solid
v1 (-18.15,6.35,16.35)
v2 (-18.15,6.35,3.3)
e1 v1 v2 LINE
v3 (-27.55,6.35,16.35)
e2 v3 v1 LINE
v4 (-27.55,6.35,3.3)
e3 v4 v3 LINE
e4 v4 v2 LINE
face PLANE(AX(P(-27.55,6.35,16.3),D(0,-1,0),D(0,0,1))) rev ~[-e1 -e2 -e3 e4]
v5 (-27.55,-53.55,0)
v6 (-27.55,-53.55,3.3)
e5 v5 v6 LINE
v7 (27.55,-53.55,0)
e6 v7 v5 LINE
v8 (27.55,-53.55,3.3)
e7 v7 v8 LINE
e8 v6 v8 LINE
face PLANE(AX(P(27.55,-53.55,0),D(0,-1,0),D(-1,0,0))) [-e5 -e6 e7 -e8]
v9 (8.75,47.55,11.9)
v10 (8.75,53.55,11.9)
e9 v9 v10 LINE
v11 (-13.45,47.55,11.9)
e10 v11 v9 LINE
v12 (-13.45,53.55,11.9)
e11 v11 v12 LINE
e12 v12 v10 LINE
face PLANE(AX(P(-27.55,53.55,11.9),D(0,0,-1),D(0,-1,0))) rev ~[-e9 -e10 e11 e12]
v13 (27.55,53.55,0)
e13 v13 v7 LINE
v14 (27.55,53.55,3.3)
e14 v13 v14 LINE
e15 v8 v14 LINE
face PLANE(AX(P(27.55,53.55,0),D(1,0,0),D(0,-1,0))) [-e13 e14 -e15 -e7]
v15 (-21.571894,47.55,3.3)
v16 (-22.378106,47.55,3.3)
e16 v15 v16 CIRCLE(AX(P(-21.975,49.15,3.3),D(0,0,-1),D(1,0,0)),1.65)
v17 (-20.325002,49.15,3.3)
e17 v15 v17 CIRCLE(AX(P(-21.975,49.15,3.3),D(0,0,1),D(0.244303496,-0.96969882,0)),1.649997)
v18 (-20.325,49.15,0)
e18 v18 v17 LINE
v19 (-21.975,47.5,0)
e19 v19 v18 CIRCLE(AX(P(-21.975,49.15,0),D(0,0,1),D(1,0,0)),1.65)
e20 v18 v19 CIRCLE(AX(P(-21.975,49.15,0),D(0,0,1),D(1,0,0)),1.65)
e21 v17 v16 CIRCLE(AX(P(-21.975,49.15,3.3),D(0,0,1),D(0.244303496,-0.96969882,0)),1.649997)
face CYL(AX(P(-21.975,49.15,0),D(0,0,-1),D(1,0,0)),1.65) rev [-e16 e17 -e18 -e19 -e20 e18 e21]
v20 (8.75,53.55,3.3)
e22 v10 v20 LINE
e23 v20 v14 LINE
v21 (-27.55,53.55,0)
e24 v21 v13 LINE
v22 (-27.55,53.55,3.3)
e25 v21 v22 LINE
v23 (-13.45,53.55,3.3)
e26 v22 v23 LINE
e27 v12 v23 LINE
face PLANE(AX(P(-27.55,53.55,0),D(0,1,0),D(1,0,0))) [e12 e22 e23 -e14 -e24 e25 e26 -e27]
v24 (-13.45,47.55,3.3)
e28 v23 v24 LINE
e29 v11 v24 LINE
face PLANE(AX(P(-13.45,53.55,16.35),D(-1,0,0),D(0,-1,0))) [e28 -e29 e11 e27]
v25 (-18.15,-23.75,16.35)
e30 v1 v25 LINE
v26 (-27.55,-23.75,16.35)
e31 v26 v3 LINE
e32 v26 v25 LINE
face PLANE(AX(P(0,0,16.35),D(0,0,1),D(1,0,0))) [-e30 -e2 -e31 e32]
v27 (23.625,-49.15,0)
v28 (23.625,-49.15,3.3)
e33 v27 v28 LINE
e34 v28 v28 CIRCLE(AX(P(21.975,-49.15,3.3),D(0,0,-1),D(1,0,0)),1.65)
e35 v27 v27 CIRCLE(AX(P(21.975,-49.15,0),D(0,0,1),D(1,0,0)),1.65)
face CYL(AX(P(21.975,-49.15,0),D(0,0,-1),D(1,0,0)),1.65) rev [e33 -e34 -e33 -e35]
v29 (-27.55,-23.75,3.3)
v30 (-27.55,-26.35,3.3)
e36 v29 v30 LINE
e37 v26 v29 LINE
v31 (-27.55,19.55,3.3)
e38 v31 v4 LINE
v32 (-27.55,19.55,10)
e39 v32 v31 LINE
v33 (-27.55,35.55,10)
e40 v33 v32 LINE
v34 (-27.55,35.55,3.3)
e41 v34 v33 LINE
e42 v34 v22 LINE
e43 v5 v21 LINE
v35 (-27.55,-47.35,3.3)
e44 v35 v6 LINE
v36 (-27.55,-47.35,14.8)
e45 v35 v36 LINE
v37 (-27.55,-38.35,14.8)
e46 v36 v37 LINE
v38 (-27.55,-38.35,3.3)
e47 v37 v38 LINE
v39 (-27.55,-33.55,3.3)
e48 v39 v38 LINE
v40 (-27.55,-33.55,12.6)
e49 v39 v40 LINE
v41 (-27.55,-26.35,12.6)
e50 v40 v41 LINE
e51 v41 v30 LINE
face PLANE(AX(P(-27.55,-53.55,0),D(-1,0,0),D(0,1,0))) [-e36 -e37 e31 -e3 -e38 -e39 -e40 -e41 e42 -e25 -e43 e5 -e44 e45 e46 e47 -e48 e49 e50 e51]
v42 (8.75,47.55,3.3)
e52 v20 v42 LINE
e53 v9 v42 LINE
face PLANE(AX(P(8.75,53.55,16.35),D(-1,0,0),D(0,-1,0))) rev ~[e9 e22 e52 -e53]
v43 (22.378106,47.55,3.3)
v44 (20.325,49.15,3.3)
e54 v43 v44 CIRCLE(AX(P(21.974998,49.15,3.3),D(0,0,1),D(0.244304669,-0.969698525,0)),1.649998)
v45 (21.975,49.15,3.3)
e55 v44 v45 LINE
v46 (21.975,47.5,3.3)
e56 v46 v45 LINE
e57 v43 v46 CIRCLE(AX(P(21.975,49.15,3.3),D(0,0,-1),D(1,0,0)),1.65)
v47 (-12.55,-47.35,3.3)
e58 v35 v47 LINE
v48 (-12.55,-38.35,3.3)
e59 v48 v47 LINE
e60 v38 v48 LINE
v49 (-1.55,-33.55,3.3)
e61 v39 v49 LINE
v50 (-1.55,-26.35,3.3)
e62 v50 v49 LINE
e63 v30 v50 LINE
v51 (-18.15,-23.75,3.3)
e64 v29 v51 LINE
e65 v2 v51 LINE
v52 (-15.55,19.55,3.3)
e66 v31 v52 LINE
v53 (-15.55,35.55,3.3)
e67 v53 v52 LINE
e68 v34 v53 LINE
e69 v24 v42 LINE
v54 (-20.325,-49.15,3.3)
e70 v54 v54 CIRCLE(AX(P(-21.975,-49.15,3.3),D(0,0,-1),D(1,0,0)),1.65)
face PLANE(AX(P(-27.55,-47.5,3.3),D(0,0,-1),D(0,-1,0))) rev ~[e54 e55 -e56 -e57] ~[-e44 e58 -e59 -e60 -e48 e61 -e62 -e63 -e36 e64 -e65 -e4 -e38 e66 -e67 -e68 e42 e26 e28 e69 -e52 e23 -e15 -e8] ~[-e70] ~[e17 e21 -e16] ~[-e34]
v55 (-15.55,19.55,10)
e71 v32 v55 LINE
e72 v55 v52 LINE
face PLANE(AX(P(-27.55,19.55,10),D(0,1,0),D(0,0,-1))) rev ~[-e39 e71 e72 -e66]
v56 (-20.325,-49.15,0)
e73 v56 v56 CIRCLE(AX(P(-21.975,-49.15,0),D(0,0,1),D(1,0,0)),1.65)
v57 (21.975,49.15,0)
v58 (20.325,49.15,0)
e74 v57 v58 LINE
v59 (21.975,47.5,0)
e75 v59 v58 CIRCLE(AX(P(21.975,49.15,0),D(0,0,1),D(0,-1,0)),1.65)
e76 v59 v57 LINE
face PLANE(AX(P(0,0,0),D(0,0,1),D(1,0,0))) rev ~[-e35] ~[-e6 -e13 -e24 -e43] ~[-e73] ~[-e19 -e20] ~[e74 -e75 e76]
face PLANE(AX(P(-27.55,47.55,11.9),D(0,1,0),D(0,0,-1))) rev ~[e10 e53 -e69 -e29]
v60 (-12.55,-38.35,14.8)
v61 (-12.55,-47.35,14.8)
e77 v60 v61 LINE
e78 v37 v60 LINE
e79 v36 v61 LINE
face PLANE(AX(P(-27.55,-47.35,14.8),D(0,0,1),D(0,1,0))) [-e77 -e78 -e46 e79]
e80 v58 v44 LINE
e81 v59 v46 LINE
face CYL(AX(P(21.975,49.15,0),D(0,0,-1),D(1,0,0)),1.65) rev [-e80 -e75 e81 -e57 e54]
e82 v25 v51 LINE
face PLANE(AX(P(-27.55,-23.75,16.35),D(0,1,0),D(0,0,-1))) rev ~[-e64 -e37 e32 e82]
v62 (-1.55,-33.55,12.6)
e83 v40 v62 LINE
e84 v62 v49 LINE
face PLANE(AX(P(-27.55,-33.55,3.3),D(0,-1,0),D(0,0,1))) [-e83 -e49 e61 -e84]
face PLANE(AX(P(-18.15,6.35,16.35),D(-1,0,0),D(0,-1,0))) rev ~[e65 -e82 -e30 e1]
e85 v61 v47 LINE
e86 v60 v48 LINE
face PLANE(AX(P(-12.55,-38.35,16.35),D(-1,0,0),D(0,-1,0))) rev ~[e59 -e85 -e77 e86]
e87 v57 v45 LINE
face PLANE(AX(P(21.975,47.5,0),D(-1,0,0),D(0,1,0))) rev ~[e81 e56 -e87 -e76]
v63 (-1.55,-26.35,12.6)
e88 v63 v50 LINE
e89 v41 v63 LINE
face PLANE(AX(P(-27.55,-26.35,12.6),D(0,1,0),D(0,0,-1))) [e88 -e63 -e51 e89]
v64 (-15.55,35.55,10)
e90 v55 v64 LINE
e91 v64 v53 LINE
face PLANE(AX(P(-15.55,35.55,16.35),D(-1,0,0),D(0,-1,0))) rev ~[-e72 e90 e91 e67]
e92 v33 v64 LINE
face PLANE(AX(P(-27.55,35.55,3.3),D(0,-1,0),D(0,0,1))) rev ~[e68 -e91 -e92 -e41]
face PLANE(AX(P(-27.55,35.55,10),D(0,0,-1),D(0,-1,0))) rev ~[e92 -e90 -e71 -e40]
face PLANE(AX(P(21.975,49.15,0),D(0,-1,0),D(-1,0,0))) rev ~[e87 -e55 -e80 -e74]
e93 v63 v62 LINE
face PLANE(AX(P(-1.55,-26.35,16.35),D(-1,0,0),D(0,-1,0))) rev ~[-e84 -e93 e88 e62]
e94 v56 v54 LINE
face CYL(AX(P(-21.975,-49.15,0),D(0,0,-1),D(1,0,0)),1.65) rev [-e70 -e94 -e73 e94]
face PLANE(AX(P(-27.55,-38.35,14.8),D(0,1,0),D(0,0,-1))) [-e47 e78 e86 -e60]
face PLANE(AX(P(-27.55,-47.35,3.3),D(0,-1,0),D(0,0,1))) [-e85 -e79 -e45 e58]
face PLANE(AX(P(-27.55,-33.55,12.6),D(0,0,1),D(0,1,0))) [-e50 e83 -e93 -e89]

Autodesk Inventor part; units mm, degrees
ref_plane "YZ Plane" through (0, 0, 0) normal (1, 0, 0) x (0, 1, 0)
ref_plane "XZ Plane" through (0, 0, 0) normal (0, 1, 0) x (-1, 0, 0)
ref_plane "XY Plane" through (0, 0, 0) normal (0, 0, 1) x (1, 0, 0)
sketch "Boceto1" plane through (0, 0, 0) normal (0, 0, 1) x (1, 0, 0)
  line L0 (27.55, -53.55) -> (-27.55, -53.55)
  line L1 (-27.55, -53.55) -> (-27.55, 53.55)
  line L2 (-27.55, 53.55) -> (27.55, 53.55)
  line L3 (27.55, 53.55) -> (27.55, -53.55)
  line L4 (27.55, -53.55) -> (-27.55, 53.55) construction
  line L5 (-27.55, -53.55) -> (27.55, 53.55) construction
  line L6 (20.325, -47.5) -> (-20.325, -47.5)
  line L7 (-20.325, -47.5) -> (-20.325, 47.5)
  line L8 (-20.325, 47.5) -> (20.325, 47.5)
  line L9 (20.325, 47.5) -> (20.325, -47.5)
  line L10 (20.325, -47.5) -> (-20.325, 47.5) construction
  line L11 (-20.325, -47.5) -> (20.325, 47.5) construction
  line L12 (-20.325, 47.5) -> (-21.975, 47.5)
  line L13 (-21.975, 47.5) -> (-21.975, 49.15)
  line L14 (-21.975, 49.15) -> (-21.975, -49.15)
  line L15 (-21.975, -49.15) -> (21.975, -49.15)
  line L16 (21.975, -49.15) -> (21.975, 49.15)
  line L17 (21.975, 49.15) -> (-21.975, 49.15)
  circle A0 centre (-21.975, 49.15) radius 1.65
  circle A1 centre (21.975, 49.15) radius 1.65
  circle A2 centre (21.975, -49.15) radius 1.65
  circle A3 centre (-21.975, -49.15) radius 1.65
  point P0 (0, 0)
  point P1 (20.325, 49.15)
  point P2 (21.975, 47.5)
  dimension "d0" = 55.1
  dimension "d1" = 107.1
  dimension "d2" = 40.65
  dimension "d3" = 95
  dimension "d4" = 1.65
  dimension "d5" = 1.65
  dimension "d6" = 1.65
  dimension "d7" = 3.3
  dimension "d8" = 3.3
  dimension "d9" = 3.3
extrude "Extrusión1" add sketch "Boceto1" along normal blind 16.35 contours L0 L1 L2 L3 | A0 L17 A1 L16 A2 L15 A3 L14 | L6 L7 L8 L9 | L17 L16 A1 picked at (20.8888, 49.0276)
sketch "Boceto2" plane through (-27.55, -53.55, 0) normal (-1, 0, 0) x (0, 0, 1)
  line L0 (0, 107.1) -> (0, 88.8)
  line L1 (0, 107.1) -> (0, 0) projected
  line L2 (0, 107.1) -> (3.3, 107.1)
  line L3 (3.3, 107.1) -> (3.3, 53.55)
  line L4 (3.3, 53.55) -> (3.3, 0)
  line L5 (0, 0) -> (16.35, 0) projected
  line L6 (3.3, 107.1) -> (11.9, 107.1)
  line L7 (0, 107.1) -> (16.35, 107.1) projected
  line L8 (11.9, 107.1) -> (11.9, 101.1)
  line L9 (11.9, 101.1) -> (3.3, 101.1)
  line L10 (3.3, 107.1) -> (3.3, 89.1)
  line L11 (0, 102.7) -> (16.35, 102.7) projected
  line L12 (3.3, 107.1) -> (21.3, 107.1) construction
  line L13 (3.3, 89.1) -> (10, 89.1)
  line L14 (10, 89.1) -> (10, 73.1)
  line L15 (10, 73.1) -> (3.3, 73.1)
  line L16 (3.3, 107.1) -> (3.3, 59.9)
  line L17 (3.3, 59.9) -> (16.3, 59.9)
  line L18 (16.3, 59.9) -> (16.35, 59.9)
  line L19 (16.35, 107.1) -> (16.35, 0) projected
  line L20 (16.35, 59.9) -> (16.35, 29.8)
  line L21 (16.35, 59.9) -> (46.45, 59.9) construction
  line L22 (16.35, 29.8) -> (3.3, 29.8)
  line L23 (3.3, 0) -> (3.3, 6.2)
  line L24 (3.3, 6.2) -> (14.8, 6.2)
  line L25 (16.35, 6.05) -> (0, 6.05) projected
  line L26 (3.3, 6.2) -> (14.8, 6.2) construction
  line L27 (14.8, 6.2) -> (14.8, 15.2)
  line L28 (14.8, 6.2) -> (23.8, 6.2) construction
  line L29 (14.8, 15.2) -> (3.3, 15.2)
  line L30 (3.3, 0) -> (3.3, 20)
  line L31 (3.3, 0) -> (23.3, 0) construction
  line L32 (3.3, 20) -> (12.6, 20)
  line L33 (12.6, 20) -> (12.6, 27.2)
  line L34 (12.6, 27.2) -> (3.3, 27.2)
  point P0 (0, 53.55)
  dimension "d17" = 3.3
  dimension "d18" = 8.6
  dimension "d19" = 6
  dimension "d20" = 18
  dimension "d21" = 90
  dimension "d22" = 6.7
  dimension "d23" = 16
  dimension "d24" = 47.2
  dimension "d25" = 13
  dimension "d26" = 90
  dimension "d27" = 30.1
  dimension "d28" = 90
  dimension "d29" = 6.2
  dimension "d30" = 11.5
  dimension "d31" = 0
  dimension "d32" = 9
  dimension "d33" = 90
  dimension "d34" = 20
  dimension "d35" = 90
  dimension "d36" = 9.3
  dimension "d37" = 90
  dimension "d38" = 7.2
  dimension "d39" = 90
extrude "Extrusión2" cut sketch "Boceto2" against normal through all contours L7 L19 L11 L8 | L9 L8 L11 L19 L18 L17 L3 L15 L14 L13 | L25 L19 L5 L4 | L4 L24 L27 L29 L32 L33 L34 L22 L19 L25
sketch "Boceto3" plane through (0, 0, 16.35) normal (0, 0, 1) x (1, 0, 0)
  line L0 (-27.55, 53.55) -> (27.55, 53.55) projected
  line L1 (27.55, 47.55) -> (27.55, 35.55) projected
  line L2 (27.55, 53.55) -> (27.55, 47.55) projected
  line L3 (27.55, 35.55) -> (27.55, 19.55) projected
  line L4 (27.55, 19.55) -> (27.55, 6.35) projected
  line L5 (27.55, -23.75) -> (27.55, 6.35) projected
  line L6 (27.55, -26.35) -> (27.55, -33.55) projected
  line L7 (-27.55, 53.55) -> (-27.55, -53.55) projected
  line L8 (27.55, 53.55) -> (-27.55, 53.55) projected
  line L9 (-27.55, -53.55) -> (27.55, -53.55) projected
  line L10 (27.55, -53.55) -> (27.55, 53.55) projected
  line L11 (-27.55, 53.55) -> (-13.45, 53.55)
  line L12 (-21.5719, 47.55) -> (21.975, 47.55) projected
  line L13 (-27.55, 35.55) -> (27.55, 35.55) projected
  line L14 (-27.55, 19.55) -> (27.55, 19.55) projected
  line L15 (-27.55, 6.35) -> (27.55, 6.35) projected
  line L16 (-27.55, -23.75) -> (27.55, -23.75) projected
  line L17 (-27.55, -26.35) -> (27.55, -26.35) projected
  line L18 (-27.55, -33.55) -> (27.55, -33.55) projected
  line L19 (-27.55, -38.35) -> (27.55, -38.35) projected
  line L20 (27.55, -38.35) -> (27.55, -47.35) projected
  line L21 (-27.55, -38.35) -> (27.55, -38.35) projected
  line L22 (-27.55, -47.35) -> (-27.55, -38.35) projected
  line L23 (-27.55, -47.35) -> (27.55, -47.35) projected
  line L24 (27.55, -47.35) -> (27.55, -53.55) projected
  line L25 (-27.55, -47.35) -> (27.55, -47.35) projected
  line L26 (-27.55, -53.55) -> (-27.55, -47.35) projected
  line L27 (27.55, -53.55) -> (-27.55, -53.55) projected
  circle A0 centre (-21.975, -49.15) radius 1.65 projected
  circle A1 centre (21.975, -49.15) radius 1.65 projected
  line L28 (27.55, 53.55) -> (-27.55, 53.55) projected
  line L29 (27.55, 53.55) -> (27.55, 47.55) projected
  line L30 (-27.55, 53.55) -> (27.55, 53.55) projected
  line L31 (-27.55, 47.55) -> (-27.55, 53.55) projected
  line L32 (-27.55, 47.55) -> (-22.3781, 47.55) projected
  arc A2 (-21.5719, 47.55) -> (-22.3781, 47.55) centre (-21.975, 49.15) ccw projected
  line L33 (-21.5719, 47.55) -> (21.975, 47.55) projected
  line L34 (21.975, 49.15) -> (21.975, 47.55) projected
  line L35 (20.325, 49.15) -> (21.975, 49.15) projected
  arc A3 (22.3781, 47.55) -> (20.325, 49.15) centre (21.975, 49.15) ccw projected
  line L36 (22.3781, 47.55) -> (27.55, 47.55) projected
  line L37 (-13.45, 53.55) -> (-13.45, 47.55)
  line L38 (27.55, 53.55) -> (8.75, 53.55)
  line L39 (8.75, 53.55) -> (8.75, 47.55)
  line L40 (-21.5719, 47.55) -> (21.975, 47.55) projected
  line L41 (-27.55, 35.55) -> (-27.55, 47.55) projected
  line L42 (-27.55, 35.55) -> (-15.55, 35.55)
  line L43 (-15.55, 35.55) -> (-15.55, 19.55)
  line L44 (27.55, 6.35) -> (-27.55, 6.35) projected
  line L45 (-27.55, 6.35) -> (-18.15, 6.35)
  line L46 (-18.15, 6.35) -> (-18.15, -26.35)
  line L47 (-27.55, -26.35) -> (-1.55, -26.35)
  line L48 (-1.55, -26.35) -> (-1.55, -33.55)
  line L49 (-27.55, -38.35) -> (-12.55, -38.35)
  line L50 (-12.55, -38.35) -> (-12.55, -47.35)
  point P0 (0, 0)
  point P1 (-18.15, -23.75)
  point P2 (21.975, 47.55)
  dimension "d42" = 14.1
  dimension "d43" = 18.8
  dimension "d44" = 12
  dimension "d45" = 9.4
  dimension "d46" = 26
  dimension "d47" = 15
extrude "Extrusión3" cut sketch "Boceto3" against normal up to surface (13.05 mm away) contours L0 L37 L12 A2 L32 L7 | L0 L2 L36 A3 L35 L34 L12 L39 | L13 L3 L14 L43 | L15 L5 L16 L46 | L48 L17 L6 L18 | L19 L10 L23 L50
properties part number "placa"
